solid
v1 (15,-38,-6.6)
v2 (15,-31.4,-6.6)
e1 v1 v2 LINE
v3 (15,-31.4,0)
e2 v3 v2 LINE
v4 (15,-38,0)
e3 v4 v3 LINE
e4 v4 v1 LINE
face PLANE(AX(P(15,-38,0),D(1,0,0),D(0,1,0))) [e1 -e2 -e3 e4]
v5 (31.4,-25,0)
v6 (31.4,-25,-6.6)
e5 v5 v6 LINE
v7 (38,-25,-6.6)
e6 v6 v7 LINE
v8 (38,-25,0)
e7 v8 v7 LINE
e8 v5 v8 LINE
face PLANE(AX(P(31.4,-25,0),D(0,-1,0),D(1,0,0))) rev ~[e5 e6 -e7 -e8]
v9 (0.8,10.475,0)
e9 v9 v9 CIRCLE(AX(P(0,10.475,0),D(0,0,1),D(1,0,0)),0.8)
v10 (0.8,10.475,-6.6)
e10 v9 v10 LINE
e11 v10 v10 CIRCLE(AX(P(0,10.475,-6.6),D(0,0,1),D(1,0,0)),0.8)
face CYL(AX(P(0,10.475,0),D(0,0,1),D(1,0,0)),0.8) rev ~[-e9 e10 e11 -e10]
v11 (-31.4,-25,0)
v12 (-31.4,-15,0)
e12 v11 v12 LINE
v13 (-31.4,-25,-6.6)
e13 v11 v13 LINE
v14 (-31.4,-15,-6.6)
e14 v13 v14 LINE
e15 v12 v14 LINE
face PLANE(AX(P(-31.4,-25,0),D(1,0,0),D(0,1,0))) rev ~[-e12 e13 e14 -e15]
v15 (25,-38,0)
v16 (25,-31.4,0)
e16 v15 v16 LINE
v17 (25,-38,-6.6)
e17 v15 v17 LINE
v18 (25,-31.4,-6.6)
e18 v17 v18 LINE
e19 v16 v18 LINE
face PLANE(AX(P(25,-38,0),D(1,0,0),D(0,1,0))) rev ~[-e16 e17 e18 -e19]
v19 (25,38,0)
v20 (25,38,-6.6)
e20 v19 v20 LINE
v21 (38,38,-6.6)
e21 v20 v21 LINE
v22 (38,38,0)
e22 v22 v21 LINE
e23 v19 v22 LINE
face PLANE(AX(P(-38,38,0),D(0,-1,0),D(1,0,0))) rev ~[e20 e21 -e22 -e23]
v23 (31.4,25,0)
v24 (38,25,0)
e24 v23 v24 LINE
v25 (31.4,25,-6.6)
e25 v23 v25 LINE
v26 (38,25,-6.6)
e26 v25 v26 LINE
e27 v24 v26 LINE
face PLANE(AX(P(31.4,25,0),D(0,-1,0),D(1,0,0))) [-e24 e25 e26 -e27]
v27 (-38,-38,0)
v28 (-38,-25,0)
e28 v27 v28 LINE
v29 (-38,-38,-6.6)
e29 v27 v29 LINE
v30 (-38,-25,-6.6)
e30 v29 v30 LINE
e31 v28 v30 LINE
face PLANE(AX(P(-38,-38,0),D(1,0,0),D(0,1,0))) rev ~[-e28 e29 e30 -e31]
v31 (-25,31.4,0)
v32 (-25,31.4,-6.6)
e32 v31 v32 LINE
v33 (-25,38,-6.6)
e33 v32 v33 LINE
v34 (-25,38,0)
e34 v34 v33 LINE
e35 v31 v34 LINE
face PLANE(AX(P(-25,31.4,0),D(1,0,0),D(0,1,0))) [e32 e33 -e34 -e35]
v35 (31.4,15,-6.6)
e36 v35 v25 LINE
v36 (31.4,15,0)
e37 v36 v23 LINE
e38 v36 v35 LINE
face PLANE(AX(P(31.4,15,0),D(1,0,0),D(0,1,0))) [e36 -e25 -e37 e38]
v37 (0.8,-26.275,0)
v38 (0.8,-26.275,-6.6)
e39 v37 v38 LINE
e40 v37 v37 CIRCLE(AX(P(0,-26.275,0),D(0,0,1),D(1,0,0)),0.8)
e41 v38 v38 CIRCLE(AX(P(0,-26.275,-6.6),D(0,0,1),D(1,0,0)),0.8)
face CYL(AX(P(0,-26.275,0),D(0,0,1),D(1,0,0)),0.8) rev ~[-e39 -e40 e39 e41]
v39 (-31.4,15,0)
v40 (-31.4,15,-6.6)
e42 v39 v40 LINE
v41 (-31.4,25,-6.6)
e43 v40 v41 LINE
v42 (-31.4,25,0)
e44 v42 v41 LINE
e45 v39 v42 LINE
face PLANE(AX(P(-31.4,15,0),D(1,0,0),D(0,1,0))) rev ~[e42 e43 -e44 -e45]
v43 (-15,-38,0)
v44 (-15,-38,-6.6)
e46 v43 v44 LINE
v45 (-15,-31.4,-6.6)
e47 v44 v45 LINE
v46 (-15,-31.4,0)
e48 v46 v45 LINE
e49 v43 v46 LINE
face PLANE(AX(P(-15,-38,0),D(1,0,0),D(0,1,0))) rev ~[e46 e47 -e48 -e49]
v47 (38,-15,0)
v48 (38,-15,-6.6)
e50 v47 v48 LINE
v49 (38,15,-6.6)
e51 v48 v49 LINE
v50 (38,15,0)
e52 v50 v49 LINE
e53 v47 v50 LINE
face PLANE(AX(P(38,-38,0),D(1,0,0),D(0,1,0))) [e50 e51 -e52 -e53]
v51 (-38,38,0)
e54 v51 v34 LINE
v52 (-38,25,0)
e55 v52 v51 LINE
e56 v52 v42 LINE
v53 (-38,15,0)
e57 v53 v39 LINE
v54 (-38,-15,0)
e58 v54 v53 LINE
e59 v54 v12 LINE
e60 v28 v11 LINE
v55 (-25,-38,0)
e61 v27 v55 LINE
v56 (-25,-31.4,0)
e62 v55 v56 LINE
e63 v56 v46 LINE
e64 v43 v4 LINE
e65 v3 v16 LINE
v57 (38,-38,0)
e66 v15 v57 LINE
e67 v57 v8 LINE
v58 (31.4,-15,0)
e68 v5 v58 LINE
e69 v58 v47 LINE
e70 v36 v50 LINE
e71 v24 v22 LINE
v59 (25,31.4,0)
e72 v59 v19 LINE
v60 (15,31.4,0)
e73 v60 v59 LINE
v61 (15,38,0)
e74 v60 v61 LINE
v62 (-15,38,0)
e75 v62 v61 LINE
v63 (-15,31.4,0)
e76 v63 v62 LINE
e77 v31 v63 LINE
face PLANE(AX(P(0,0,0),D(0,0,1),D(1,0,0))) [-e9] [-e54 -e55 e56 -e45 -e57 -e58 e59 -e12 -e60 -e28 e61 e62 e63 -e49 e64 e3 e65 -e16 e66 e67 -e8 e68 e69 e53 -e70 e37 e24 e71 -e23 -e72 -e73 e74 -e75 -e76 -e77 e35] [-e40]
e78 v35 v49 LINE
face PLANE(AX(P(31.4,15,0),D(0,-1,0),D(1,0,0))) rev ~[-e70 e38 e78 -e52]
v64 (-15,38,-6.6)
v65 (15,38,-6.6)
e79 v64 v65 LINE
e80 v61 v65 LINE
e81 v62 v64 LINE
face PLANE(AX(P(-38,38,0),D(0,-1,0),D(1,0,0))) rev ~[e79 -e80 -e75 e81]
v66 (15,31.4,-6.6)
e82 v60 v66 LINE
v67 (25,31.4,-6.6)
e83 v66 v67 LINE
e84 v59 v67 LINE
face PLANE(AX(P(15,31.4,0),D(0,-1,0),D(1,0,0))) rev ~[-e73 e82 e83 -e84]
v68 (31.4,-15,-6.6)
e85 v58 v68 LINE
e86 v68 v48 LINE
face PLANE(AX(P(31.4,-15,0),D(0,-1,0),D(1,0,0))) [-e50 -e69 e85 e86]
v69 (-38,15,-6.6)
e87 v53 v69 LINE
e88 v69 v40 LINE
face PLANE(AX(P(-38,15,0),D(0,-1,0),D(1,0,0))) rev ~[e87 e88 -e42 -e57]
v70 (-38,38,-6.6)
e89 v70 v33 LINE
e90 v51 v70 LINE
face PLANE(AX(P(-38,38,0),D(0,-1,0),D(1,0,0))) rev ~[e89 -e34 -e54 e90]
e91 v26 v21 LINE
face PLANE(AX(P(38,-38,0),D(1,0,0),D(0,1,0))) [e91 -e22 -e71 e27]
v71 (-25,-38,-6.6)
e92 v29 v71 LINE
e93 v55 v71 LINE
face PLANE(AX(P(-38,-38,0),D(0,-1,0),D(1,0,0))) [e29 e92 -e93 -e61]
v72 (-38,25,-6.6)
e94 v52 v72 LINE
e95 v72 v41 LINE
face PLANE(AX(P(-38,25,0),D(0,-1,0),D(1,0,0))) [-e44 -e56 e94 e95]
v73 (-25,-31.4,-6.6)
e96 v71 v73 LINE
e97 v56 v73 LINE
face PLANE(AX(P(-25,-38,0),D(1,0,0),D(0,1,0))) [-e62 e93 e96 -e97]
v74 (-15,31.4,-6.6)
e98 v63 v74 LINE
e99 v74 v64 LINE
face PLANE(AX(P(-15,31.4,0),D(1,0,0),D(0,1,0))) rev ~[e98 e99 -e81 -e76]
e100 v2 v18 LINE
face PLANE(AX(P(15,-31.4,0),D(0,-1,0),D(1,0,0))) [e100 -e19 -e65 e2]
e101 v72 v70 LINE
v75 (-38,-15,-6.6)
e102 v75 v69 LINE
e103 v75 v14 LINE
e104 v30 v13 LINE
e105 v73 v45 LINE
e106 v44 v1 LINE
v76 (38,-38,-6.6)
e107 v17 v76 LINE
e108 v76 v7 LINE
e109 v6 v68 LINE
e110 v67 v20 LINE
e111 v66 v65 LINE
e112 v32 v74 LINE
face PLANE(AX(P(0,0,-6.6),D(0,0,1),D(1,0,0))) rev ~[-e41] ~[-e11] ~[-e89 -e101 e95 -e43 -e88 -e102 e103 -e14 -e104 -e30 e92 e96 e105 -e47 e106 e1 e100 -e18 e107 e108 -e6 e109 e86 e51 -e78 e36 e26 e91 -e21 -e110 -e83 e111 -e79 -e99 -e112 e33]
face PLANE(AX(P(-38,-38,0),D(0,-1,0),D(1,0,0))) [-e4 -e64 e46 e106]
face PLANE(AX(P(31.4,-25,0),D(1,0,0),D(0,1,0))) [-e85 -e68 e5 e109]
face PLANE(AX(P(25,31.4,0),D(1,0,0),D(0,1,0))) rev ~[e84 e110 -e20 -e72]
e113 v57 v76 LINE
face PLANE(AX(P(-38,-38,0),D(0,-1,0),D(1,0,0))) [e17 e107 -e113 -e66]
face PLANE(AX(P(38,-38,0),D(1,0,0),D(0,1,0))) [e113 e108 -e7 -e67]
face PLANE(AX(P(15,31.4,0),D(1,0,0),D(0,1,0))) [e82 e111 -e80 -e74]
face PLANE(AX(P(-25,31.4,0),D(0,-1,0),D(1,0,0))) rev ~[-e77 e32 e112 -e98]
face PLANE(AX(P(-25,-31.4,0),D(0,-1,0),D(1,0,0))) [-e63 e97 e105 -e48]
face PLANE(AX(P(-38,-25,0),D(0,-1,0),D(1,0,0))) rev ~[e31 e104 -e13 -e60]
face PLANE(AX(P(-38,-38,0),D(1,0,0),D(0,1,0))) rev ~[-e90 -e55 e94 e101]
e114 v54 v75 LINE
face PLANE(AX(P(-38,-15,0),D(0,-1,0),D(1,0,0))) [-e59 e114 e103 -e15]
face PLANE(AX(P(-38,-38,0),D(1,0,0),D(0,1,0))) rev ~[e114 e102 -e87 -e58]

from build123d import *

# Parameters (mm, degrees)
F0_W     = 76
F0_H     = 76
F1_DEPTH = 6.6
F2_W     = 10
F2_H     = 6.6
F2_W_2   = 6.6
F2_H_2   = 10
F3_DEPTH = 6.6
F4_R     = 0.8
F5_DEPTH = 6.6


with BuildPart() as f1:
    # F0 (on Top) → F1 (new body)
    with BuildSketch(Plane.XY):
        Rectangle(F0_W, F0_H)
    extrude(amount=-F1_DEPTH)

    # F2 (on face) → F3 (cut, through all)
    with BuildSketch(Plane.XY):
        with Locations((20, 34.7)):
            Rectangle(F2_W, F2_H)
        with Locations((-20, 34.7)):
            Rectangle(F2_W, F2_H)
        with Locations((-34.7, -20)):
            Rectangle(F2_W_2, F2_H_2)
        with Locations((-34.7, 20)):
            Rectangle(F2_W_2, F2_H_2)
        with Locations((20, -34.7)):
            Rectangle(F2_W, F2_H)
        with Locations((-20, -34.7)):
            Rectangle(F2_W, F2_H)
        with Locations((34.7, 20)):
            Rectangle(F2_W_2, F2_H_2)
        with Locations((34.7, -20)):
            Rectangle(F2_W_2, F2_H_2)
    extrude(amount=-F3_DEPTH, mode=Mode.SUBTRACT)

    # F4 (on face) → F5 (cut, through all)
    with BuildSketch(Plane.XY):
        with Locations((0, 10.475)):
            Circle(F4_R)
        with Locations((0, -26.275)):
            Circle(F4_R)
    extrude(amount=-F5_DEPTH, mode=Mode.SUBTRACT)


solid = f1.part
